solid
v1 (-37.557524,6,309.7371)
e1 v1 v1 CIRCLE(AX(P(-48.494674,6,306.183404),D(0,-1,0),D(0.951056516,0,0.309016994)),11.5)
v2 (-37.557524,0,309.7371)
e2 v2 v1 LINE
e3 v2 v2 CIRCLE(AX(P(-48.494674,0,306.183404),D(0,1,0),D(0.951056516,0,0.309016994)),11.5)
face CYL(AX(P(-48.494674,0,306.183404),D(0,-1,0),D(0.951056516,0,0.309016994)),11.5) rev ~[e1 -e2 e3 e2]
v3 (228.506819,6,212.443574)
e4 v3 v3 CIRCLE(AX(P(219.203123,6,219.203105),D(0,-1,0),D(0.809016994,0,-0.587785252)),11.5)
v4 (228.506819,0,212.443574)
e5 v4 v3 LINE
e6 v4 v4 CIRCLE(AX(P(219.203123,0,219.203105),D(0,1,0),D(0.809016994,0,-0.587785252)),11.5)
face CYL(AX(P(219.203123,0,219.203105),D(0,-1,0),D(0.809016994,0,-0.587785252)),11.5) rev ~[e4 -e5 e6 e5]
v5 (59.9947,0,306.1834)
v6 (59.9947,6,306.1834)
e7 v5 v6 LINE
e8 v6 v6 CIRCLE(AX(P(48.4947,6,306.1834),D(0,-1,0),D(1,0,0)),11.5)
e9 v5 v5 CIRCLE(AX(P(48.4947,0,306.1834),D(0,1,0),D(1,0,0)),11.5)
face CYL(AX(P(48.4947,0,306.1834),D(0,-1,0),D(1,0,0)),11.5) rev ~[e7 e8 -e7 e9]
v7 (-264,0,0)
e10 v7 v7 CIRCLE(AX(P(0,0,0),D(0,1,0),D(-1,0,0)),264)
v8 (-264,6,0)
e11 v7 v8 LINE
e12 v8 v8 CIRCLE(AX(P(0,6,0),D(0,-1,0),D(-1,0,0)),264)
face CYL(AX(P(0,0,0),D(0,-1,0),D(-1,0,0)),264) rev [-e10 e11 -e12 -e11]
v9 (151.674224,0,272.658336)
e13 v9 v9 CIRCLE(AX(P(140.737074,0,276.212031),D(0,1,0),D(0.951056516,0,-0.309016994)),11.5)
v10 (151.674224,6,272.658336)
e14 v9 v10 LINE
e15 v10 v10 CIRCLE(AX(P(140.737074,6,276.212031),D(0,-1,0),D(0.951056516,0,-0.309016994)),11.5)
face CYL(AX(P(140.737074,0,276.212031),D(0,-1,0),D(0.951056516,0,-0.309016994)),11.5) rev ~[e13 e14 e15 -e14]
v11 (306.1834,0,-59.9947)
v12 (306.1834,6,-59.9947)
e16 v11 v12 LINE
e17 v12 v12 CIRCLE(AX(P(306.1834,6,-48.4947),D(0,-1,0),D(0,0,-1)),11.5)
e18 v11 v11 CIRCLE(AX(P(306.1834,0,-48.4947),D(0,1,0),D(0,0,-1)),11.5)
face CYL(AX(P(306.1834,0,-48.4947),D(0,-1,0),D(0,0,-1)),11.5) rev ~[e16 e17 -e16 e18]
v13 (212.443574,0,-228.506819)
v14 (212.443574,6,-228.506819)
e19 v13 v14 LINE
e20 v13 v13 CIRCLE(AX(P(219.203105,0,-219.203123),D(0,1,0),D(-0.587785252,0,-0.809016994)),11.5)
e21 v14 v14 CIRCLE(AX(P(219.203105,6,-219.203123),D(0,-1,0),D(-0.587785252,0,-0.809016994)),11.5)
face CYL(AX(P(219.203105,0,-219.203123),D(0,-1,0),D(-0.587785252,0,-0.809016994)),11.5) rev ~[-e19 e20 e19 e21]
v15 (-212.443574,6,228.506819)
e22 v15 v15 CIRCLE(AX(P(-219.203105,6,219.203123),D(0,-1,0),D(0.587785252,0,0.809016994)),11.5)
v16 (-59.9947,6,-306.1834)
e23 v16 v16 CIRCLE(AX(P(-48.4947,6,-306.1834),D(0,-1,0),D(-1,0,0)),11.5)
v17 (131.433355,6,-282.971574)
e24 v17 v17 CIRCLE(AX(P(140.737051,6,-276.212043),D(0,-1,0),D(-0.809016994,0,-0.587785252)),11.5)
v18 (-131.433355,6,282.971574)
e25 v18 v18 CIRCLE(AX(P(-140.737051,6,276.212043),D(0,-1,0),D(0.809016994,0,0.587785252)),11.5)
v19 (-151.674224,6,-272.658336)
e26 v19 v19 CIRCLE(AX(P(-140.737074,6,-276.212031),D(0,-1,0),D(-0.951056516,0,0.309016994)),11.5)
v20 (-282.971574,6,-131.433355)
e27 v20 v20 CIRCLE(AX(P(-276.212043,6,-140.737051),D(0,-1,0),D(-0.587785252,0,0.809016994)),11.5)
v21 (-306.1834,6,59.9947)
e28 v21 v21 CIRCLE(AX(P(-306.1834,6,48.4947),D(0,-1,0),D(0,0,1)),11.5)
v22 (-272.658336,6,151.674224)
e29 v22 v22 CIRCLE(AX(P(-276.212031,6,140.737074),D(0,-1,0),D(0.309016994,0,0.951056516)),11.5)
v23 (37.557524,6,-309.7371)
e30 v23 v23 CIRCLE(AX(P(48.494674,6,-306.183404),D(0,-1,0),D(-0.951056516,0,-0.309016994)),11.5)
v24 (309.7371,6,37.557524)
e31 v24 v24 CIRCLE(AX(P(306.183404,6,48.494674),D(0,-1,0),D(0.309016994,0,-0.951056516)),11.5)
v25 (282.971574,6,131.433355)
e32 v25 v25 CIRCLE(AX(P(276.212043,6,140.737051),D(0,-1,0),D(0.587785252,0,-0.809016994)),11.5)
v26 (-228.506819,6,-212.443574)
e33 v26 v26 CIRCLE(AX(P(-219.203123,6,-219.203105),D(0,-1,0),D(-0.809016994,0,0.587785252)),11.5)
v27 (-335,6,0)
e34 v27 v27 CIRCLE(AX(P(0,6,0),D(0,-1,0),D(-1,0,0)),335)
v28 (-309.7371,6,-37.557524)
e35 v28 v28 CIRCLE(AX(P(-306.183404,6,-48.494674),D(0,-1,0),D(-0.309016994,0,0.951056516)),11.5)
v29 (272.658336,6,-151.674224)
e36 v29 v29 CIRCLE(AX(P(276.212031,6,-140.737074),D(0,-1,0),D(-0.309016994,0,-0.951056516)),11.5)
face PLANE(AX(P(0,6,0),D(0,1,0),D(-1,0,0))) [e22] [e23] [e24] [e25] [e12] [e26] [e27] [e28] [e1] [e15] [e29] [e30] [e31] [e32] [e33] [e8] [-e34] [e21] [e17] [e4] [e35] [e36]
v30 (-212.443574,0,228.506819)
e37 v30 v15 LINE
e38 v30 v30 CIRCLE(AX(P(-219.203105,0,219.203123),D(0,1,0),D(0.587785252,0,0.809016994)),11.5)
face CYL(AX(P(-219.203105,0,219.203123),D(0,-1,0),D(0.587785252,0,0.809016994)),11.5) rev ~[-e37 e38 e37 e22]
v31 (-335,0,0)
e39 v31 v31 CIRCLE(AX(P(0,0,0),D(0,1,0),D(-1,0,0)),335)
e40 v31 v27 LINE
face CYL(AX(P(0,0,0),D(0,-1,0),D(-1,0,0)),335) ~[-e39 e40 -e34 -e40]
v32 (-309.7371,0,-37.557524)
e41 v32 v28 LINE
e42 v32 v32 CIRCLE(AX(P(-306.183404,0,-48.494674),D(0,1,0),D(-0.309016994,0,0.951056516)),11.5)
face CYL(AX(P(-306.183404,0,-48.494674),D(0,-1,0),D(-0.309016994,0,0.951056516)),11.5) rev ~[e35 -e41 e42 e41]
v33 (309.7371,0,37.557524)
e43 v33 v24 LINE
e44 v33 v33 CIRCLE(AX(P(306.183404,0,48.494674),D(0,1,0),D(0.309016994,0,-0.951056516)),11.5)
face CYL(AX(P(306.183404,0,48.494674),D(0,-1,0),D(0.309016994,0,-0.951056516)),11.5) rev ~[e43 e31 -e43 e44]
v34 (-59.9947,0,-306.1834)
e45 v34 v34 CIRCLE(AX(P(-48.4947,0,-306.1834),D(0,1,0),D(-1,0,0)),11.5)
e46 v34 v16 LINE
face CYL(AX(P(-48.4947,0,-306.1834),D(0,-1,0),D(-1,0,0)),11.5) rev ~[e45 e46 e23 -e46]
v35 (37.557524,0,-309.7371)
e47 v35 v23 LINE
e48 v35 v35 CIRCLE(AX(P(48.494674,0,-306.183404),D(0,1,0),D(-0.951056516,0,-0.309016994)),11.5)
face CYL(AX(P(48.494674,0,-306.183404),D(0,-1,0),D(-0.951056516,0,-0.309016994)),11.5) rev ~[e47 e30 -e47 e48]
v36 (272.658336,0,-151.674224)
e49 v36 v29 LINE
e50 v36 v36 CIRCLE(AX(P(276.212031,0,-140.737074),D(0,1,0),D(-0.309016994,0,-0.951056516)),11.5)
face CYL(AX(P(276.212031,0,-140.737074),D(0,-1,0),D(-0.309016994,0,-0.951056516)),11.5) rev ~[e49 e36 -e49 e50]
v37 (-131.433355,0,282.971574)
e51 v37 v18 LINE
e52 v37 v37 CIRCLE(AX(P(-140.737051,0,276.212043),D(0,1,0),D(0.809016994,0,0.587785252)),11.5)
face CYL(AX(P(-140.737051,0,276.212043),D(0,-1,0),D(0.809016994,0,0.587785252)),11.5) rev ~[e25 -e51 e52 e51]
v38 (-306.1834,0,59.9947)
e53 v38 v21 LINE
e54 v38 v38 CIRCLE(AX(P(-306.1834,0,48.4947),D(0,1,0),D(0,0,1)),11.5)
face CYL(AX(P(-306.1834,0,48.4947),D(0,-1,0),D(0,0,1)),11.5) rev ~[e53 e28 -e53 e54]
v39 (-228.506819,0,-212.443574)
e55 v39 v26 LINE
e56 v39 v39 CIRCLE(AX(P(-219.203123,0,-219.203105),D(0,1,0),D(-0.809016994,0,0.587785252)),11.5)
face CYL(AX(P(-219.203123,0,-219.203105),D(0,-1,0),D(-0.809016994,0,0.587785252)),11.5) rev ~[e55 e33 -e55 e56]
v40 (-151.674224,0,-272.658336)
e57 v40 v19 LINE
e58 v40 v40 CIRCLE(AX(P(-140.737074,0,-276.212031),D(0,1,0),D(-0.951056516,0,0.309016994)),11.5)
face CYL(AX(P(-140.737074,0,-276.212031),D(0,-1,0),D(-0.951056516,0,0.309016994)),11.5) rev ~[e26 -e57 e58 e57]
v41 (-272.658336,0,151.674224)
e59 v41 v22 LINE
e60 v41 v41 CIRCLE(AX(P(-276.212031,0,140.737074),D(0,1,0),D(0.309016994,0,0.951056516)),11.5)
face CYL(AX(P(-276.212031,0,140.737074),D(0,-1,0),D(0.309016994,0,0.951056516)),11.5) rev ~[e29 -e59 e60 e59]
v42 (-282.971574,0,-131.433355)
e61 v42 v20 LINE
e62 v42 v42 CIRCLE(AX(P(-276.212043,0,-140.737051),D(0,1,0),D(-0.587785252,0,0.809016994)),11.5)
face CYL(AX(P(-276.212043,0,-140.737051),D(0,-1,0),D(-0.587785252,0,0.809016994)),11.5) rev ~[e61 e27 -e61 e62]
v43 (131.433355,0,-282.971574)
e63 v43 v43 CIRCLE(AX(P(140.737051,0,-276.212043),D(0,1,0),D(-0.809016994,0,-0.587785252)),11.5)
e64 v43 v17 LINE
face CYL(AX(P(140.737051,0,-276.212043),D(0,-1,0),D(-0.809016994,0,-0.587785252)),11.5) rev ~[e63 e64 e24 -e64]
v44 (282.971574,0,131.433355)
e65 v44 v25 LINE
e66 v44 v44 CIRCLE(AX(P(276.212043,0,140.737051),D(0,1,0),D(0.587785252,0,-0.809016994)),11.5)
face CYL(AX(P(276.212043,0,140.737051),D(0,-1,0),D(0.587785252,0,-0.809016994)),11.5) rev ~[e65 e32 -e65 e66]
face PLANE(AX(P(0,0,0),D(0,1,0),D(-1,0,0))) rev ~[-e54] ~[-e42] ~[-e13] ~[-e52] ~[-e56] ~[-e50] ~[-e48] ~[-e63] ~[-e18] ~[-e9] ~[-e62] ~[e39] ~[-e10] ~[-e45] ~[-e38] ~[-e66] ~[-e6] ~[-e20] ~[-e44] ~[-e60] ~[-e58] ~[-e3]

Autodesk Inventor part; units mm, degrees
ref_plane "YZ Plane" through (0, 0, 0) normal (1, 0, 0) x (0, 1, 0)
ref_plane "XZ Plane" through (0, 0, 0) normal (0, 1, 0) x (-1, 0, 0)
ref_plane "XY Plane" through (0, 0, 0) normal (0, 0, 1) x (1, 0, 0)
sketch "Sketch1" plane through (0, 0, 0) normal (0, 1, 0) x (-1, 0, 0)
  circle A0 centre (0, 0) radius 264
  circle A1 centre (0, 0) radius 335
  line L0 (335, 0) -> (264, 0)
  line L1 (-264, 0) -> (-335, 0)
  line L2 (0, 264) -> (0, 335)
  point P0 (299.5, 0)
  point P1 (-299.5, 0)
  point P2 (0, 299.5)
  dimension "d1" = 670
  dimension "d4" = 528
extrude "Extrusion1" add sketch "Sketch1" along normal blind 6 contours L0 A1 L1 A0 | A0 L2 A1 L0 | A0 L1 A1 L2
sketch "Sketch2" plane through (0, 0, 0) normal (0, -1, 0) x (1, 0, 0)
  circle A0 centre (0, 0) radius 335 projected
  circle A1 centre (0, 0) radius 264 projected
  circle A2 centre (48.4947, 306.1834) radius 11.5
  circle A3 centre (0, 0) radius 264 projected
  line L0 (48.4947, 306.1834) -> (0, 0)
  point P0 (0, 264)
  point P1 (265, 0)
  dimension "d5" = 310
  dimension "d7" = 23
extrude "Cut1" cut sketch "Sketch2" against normal blind 6 contours A2
pattern_circular "Circular Pattern1" count 20 over 360 about axis through (0, 0, 0) along (0, 1, 0) of "Cut1"
equation "\"d9\" = Thickness"
equation "\"BendRadius\" = Thickness"
equation "\"BendReliefWidth\" = Thickness"
equation "\"BendReliefDepth\" = 0.5 * Thickness"
equation "\"CornerReliefSize\" = 4 * Thickness"
equation "\"MinimumRemnant\" = 2 * Thickness"
equation "\"TransitionRadius\" = BendRadius"
equation "\"JacobiRadiusSize\" = BendRadius"
equation "\"GapSize\" = Thickness"
equation "\"d8\" = Thickness"
equation "\"Thickness\" = 6"
properties part number "PNS-712 accses hatch flangeipt" material "Steel"
